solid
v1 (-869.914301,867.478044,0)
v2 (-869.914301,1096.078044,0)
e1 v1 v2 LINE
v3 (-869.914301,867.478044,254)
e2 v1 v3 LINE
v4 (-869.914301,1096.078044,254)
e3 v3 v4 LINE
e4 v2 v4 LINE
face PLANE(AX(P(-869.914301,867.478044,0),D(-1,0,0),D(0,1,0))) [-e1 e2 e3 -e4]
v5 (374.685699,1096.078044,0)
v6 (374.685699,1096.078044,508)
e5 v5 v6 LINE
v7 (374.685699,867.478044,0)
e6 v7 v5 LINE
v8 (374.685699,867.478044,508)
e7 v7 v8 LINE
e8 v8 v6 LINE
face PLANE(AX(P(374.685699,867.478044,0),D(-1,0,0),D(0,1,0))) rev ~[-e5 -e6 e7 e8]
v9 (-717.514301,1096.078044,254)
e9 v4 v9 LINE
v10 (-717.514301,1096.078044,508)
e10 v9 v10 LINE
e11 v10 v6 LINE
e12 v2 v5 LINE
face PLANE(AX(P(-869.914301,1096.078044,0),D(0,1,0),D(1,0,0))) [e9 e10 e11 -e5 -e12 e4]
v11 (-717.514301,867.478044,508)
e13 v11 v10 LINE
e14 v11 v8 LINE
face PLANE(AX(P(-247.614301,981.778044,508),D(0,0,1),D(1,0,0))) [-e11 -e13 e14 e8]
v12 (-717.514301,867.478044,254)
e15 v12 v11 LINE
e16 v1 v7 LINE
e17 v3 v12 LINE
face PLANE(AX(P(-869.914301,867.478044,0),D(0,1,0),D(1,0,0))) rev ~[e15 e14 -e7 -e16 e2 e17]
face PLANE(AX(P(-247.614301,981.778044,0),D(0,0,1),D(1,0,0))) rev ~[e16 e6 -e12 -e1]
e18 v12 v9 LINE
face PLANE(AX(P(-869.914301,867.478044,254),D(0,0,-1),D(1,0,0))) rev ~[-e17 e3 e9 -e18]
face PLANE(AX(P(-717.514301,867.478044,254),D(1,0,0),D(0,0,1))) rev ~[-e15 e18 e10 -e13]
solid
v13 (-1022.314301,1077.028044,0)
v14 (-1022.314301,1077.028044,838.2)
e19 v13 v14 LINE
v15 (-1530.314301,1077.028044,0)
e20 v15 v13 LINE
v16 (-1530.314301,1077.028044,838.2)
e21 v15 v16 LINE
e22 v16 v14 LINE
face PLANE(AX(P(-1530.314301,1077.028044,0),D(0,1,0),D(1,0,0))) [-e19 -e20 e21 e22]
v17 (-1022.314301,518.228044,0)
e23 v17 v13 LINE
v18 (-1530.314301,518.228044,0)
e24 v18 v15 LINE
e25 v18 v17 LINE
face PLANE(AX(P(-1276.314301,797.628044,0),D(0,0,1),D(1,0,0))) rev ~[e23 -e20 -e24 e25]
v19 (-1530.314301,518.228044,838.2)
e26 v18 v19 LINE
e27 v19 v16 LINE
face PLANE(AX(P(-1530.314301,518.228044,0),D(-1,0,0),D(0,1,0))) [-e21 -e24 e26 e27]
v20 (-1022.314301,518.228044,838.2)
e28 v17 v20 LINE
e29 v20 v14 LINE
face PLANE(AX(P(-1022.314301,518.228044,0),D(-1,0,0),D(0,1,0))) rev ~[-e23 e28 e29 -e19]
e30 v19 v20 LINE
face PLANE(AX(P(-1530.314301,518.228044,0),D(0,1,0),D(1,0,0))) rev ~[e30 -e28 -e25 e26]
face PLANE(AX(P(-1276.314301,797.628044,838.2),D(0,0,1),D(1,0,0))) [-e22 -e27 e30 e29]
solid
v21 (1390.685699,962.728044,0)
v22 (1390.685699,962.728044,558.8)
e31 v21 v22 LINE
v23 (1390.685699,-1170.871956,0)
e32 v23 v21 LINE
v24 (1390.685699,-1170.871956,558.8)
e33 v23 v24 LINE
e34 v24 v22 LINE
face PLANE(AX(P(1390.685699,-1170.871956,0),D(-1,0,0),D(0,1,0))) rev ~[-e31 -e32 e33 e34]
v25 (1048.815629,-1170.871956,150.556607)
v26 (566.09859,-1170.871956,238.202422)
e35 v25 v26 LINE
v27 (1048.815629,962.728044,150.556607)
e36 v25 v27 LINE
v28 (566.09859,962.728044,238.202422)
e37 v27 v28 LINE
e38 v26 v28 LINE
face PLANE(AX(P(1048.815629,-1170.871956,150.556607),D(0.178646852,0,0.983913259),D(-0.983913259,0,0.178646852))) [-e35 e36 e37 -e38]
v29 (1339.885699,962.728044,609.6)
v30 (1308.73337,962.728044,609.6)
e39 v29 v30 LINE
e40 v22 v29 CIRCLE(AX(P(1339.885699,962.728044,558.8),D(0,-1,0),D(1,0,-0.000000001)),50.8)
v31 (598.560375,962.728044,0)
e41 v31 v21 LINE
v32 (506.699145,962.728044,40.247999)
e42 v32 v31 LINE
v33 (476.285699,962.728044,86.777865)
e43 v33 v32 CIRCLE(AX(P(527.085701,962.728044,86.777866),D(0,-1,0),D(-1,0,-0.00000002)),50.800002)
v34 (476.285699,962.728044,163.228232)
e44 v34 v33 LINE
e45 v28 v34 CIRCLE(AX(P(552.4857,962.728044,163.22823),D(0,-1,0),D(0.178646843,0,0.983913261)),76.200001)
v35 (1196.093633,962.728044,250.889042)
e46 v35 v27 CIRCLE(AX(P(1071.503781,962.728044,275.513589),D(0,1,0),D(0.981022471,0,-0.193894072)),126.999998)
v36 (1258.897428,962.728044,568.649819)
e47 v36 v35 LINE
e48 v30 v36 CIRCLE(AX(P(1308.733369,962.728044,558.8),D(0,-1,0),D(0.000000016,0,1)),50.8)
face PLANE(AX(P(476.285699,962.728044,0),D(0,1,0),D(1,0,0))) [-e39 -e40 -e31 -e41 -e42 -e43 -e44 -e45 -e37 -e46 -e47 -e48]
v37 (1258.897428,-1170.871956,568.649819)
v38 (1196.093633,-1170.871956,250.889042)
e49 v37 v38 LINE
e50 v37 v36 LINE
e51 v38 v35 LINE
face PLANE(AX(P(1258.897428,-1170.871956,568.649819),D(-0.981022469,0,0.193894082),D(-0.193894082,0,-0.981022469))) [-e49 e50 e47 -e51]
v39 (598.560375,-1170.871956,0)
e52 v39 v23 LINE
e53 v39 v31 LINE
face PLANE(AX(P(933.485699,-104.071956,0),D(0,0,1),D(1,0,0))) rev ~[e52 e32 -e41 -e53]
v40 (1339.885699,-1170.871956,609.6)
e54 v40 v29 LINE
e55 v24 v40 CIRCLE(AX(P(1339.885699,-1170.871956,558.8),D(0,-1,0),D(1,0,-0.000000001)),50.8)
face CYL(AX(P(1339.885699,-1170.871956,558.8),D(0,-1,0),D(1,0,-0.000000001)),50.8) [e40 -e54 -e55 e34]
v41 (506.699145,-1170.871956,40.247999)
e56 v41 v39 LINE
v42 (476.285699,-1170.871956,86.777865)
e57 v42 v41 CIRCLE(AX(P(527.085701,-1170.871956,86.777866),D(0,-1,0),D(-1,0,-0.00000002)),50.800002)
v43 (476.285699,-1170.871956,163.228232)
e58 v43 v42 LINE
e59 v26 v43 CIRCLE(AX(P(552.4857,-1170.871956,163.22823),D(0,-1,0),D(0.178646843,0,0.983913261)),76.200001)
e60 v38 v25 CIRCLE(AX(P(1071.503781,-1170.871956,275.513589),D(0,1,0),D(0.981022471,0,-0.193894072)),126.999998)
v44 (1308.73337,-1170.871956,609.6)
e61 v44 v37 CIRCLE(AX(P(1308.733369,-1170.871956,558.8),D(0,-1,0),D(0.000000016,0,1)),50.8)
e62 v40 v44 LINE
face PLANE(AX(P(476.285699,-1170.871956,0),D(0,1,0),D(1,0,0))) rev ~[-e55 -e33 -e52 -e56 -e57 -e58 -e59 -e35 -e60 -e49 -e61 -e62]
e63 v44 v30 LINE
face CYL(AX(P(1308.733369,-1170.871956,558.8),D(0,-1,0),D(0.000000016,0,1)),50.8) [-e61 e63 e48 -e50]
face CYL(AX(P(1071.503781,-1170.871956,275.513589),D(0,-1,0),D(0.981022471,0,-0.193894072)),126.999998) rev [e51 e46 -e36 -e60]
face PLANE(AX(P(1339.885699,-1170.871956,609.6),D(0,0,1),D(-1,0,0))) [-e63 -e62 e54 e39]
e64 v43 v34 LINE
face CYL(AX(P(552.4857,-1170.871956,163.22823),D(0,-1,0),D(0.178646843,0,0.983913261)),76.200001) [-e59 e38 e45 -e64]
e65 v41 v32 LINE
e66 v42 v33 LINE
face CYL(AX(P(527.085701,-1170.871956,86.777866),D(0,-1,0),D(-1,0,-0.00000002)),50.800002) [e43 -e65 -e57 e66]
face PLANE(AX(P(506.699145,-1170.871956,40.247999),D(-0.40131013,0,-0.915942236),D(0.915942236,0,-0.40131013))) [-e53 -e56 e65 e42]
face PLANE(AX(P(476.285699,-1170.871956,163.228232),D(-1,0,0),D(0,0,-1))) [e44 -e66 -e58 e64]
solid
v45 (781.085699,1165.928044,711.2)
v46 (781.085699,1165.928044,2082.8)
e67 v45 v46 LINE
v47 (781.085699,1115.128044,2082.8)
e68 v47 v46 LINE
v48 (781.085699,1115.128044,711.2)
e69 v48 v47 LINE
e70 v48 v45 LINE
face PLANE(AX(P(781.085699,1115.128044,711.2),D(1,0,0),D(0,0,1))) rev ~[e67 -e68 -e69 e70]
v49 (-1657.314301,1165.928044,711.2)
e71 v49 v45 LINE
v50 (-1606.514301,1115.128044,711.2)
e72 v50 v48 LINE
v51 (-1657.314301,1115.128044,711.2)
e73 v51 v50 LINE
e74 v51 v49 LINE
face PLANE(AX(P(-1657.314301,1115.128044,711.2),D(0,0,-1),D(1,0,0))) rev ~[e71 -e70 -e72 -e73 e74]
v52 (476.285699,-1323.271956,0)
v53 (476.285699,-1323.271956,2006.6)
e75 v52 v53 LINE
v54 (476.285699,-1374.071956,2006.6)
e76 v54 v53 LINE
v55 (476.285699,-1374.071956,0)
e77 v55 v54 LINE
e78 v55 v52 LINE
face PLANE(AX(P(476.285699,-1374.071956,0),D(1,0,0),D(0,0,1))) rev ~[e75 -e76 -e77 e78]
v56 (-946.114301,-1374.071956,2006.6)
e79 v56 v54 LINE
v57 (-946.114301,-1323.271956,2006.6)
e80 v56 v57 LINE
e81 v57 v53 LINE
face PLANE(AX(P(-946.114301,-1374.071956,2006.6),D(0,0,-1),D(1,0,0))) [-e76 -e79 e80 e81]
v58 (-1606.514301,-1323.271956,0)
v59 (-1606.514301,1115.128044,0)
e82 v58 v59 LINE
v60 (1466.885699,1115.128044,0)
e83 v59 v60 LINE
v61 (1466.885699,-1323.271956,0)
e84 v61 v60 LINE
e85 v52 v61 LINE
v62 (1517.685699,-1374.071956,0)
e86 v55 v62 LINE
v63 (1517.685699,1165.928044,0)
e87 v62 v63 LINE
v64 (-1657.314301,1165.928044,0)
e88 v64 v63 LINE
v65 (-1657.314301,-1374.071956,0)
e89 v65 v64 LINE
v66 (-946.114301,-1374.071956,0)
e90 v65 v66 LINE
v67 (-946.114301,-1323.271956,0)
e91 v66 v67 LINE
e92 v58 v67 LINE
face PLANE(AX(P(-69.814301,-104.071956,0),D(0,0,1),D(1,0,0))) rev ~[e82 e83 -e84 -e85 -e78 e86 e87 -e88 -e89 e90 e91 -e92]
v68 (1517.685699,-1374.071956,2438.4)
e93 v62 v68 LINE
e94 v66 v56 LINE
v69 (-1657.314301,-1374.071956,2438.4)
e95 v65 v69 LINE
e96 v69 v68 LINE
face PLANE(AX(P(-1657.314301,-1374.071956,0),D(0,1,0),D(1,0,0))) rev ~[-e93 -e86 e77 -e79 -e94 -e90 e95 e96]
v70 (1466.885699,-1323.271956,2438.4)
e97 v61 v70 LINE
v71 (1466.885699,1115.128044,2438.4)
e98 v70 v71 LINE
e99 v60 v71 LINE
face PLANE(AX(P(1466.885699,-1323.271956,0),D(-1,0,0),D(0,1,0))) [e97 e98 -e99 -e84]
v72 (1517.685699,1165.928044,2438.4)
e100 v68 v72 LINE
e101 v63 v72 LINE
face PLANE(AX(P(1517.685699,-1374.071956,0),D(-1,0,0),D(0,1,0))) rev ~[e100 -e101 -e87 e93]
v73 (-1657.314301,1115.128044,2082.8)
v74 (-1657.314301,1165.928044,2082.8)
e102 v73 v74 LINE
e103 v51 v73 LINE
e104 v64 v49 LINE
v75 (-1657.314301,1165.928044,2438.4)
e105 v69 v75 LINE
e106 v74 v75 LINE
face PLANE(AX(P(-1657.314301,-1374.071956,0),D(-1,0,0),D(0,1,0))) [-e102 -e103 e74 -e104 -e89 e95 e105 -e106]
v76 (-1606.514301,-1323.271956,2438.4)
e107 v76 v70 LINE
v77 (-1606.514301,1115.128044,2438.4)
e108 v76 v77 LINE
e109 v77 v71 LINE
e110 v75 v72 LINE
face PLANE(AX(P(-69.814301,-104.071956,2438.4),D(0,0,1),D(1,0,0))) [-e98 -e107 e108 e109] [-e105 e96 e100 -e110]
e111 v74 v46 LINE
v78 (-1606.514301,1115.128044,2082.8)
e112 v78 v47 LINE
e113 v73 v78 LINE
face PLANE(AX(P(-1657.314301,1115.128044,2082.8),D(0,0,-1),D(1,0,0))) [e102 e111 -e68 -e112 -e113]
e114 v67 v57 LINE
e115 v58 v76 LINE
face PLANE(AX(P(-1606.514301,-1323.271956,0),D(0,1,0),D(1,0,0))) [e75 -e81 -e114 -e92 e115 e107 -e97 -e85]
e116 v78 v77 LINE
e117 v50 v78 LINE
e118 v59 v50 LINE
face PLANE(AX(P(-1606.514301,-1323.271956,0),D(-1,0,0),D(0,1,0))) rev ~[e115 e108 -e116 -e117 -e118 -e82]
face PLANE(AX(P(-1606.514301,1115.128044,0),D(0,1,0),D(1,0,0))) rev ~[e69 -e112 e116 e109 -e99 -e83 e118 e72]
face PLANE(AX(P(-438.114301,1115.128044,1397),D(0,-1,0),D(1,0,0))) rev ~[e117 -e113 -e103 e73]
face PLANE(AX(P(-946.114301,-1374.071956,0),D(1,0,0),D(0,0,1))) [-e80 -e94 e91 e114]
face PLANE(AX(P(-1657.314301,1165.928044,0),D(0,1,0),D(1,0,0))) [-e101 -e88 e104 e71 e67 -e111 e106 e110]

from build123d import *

# Parameters (mm, degrees)
F0_W      = 3175
F0_H      = 2540
F0_W_2    = 3073.4
F0_H_2    = 2438.4
F1_DEPTH  = 2438.4
F2_W      = 1422.4
F2_H      = 2006.6
F3_DEPTH  = 50.8
F4_W      = 2438.4
F4_H      = 1371.6
F5_DEPTH  = 50.8
F6_W      = 1244.6
F6_H      = 228.6
F7_DEPTH  = 508
F8_W      = 508
F8_H      = 558.8
F9_DEPTH  = 838.2
F10_W     = 152.4
F10_H     = 254
F11_DEPTH = 228.6
F12_W     = 914.4
F12_H     = 2133.6
F13_DEPTH = 609.6
F15_DEPTH = 2133.6


with BuildPart() as f1:
    # F0 (on Top) → F1 (new body)
    with BuildSketch(Plane.XY):
        with Locations((-69.814301, -104.071956)):
            Rectangle(F0_W, F0_H)
        with Locations((-69.814301, -104.071956)):
            Rectangle(F0_W_2, F0_H_2, mode=Mode.SUBTRACT)
    extrude(amount=F1_DEPTH)

    # F2 (on face) → F3 (cut, through all)
    with BuildSketch(Plane.XZ.offset(1374.071956)):
        with Locations((-234.914301, 1003.3)):
            Rectangle(F2_W, F2_H)
    extrude(amount=-F3_DEPTH, mode=Mode.SUBTRACT)

    # F4 (on face) → F5 (cut, through all)
    with BuildSketch(Plane.XZ.offset(-1115.128044)):
        with Locations((-438.114301, 1397)):
            Rectangle(F4_W, F4_H)
    extrude(amount=-F5_DEPTH, mode=Mode.SUBTRACT)


with BuildPart() as f7:
    # F6 (on Top) → F7 (new body)
    with BuildSketch(Plane.XY):
        with Locations((-247.614301, 981.778044)):
            Rectangle(F6_W, F6_H)
    extrude(amount=F7_DEPTH)

    # F10 (on face) → F11 (cut, through all)
    with BuildSketch(Plane.XZ.offset(-867.478044)):
        with Locations((-793.714301, 381)):
            Rectangle(F10_W, F10_H)
    extrude(amount=-F11_DEPTH, mode=Mode.SUBTRACT)


with BuildPart() as f9:
    # F8 (on Top) → F9 (new body)
    with BuildSketch(Plane.XY):
        with Locations((-1276.314301, 797.628044)):
            Rectangle(F8_W, F8_H)
    extrude(amount=F9_DEPTH)


with BuildPart() as f13:
    # F12 (on Top) → F13 (new body)
    with BuildSketch(Plane.XY):
        with Locations((933.485699, -104.071956)):
            Rectangle(F12_W, F12_H)
    extrude(amount=F13_DEPTH)

    # F14 (on face) → F15 (intersect, through all)
    with BuildSketch(Plane.XZ.offset(1170.871956)):
        with BuildLine():
            ThreePointArc((1308.73337, 609.6), (1276.482252, 598.049273), (1258.897428, 568.649819))
            Line((1258.897428, 568.649819), (1196.093633, 250.889042))
            ThreePointArc((1196.093633, 250.889042), (1143.006498, 170.554735), (1048.815629, 150.556607))
            Line((1048.815629, 150.556607), (566.09859, 238.202422))
            ThreePointArc((566.09859, 238.202422), (503.653652, 221.724993), (476.285699, 163.228232))
            Line((476.285699, 163.228232), (476.285699, 86.777865))
            ThreePointArc((476.285699, 86.777865), (484.563488, 58.983953), (506.699145, 40.247999))
            Line((506.699145, 40.247999), (598.560375, 0))
            Line((598.560375, 0), (1390.685699, 0))
            Line((1390.685699, 0), (1390.685699, 558.8))
            ThreePointArc((1390.685699, 558.8), (1375.806724, 594.721024), (1339.885699, 609.6))
            Line((1339.885699, 609.6), (1308.73337, 609.6))
        make_face()
    extrude(amount=-F15_DEPTH, mode=Mode.INTERSECT)


solid = Compound([f1.part, f7.part, f9.part, f13.part])
